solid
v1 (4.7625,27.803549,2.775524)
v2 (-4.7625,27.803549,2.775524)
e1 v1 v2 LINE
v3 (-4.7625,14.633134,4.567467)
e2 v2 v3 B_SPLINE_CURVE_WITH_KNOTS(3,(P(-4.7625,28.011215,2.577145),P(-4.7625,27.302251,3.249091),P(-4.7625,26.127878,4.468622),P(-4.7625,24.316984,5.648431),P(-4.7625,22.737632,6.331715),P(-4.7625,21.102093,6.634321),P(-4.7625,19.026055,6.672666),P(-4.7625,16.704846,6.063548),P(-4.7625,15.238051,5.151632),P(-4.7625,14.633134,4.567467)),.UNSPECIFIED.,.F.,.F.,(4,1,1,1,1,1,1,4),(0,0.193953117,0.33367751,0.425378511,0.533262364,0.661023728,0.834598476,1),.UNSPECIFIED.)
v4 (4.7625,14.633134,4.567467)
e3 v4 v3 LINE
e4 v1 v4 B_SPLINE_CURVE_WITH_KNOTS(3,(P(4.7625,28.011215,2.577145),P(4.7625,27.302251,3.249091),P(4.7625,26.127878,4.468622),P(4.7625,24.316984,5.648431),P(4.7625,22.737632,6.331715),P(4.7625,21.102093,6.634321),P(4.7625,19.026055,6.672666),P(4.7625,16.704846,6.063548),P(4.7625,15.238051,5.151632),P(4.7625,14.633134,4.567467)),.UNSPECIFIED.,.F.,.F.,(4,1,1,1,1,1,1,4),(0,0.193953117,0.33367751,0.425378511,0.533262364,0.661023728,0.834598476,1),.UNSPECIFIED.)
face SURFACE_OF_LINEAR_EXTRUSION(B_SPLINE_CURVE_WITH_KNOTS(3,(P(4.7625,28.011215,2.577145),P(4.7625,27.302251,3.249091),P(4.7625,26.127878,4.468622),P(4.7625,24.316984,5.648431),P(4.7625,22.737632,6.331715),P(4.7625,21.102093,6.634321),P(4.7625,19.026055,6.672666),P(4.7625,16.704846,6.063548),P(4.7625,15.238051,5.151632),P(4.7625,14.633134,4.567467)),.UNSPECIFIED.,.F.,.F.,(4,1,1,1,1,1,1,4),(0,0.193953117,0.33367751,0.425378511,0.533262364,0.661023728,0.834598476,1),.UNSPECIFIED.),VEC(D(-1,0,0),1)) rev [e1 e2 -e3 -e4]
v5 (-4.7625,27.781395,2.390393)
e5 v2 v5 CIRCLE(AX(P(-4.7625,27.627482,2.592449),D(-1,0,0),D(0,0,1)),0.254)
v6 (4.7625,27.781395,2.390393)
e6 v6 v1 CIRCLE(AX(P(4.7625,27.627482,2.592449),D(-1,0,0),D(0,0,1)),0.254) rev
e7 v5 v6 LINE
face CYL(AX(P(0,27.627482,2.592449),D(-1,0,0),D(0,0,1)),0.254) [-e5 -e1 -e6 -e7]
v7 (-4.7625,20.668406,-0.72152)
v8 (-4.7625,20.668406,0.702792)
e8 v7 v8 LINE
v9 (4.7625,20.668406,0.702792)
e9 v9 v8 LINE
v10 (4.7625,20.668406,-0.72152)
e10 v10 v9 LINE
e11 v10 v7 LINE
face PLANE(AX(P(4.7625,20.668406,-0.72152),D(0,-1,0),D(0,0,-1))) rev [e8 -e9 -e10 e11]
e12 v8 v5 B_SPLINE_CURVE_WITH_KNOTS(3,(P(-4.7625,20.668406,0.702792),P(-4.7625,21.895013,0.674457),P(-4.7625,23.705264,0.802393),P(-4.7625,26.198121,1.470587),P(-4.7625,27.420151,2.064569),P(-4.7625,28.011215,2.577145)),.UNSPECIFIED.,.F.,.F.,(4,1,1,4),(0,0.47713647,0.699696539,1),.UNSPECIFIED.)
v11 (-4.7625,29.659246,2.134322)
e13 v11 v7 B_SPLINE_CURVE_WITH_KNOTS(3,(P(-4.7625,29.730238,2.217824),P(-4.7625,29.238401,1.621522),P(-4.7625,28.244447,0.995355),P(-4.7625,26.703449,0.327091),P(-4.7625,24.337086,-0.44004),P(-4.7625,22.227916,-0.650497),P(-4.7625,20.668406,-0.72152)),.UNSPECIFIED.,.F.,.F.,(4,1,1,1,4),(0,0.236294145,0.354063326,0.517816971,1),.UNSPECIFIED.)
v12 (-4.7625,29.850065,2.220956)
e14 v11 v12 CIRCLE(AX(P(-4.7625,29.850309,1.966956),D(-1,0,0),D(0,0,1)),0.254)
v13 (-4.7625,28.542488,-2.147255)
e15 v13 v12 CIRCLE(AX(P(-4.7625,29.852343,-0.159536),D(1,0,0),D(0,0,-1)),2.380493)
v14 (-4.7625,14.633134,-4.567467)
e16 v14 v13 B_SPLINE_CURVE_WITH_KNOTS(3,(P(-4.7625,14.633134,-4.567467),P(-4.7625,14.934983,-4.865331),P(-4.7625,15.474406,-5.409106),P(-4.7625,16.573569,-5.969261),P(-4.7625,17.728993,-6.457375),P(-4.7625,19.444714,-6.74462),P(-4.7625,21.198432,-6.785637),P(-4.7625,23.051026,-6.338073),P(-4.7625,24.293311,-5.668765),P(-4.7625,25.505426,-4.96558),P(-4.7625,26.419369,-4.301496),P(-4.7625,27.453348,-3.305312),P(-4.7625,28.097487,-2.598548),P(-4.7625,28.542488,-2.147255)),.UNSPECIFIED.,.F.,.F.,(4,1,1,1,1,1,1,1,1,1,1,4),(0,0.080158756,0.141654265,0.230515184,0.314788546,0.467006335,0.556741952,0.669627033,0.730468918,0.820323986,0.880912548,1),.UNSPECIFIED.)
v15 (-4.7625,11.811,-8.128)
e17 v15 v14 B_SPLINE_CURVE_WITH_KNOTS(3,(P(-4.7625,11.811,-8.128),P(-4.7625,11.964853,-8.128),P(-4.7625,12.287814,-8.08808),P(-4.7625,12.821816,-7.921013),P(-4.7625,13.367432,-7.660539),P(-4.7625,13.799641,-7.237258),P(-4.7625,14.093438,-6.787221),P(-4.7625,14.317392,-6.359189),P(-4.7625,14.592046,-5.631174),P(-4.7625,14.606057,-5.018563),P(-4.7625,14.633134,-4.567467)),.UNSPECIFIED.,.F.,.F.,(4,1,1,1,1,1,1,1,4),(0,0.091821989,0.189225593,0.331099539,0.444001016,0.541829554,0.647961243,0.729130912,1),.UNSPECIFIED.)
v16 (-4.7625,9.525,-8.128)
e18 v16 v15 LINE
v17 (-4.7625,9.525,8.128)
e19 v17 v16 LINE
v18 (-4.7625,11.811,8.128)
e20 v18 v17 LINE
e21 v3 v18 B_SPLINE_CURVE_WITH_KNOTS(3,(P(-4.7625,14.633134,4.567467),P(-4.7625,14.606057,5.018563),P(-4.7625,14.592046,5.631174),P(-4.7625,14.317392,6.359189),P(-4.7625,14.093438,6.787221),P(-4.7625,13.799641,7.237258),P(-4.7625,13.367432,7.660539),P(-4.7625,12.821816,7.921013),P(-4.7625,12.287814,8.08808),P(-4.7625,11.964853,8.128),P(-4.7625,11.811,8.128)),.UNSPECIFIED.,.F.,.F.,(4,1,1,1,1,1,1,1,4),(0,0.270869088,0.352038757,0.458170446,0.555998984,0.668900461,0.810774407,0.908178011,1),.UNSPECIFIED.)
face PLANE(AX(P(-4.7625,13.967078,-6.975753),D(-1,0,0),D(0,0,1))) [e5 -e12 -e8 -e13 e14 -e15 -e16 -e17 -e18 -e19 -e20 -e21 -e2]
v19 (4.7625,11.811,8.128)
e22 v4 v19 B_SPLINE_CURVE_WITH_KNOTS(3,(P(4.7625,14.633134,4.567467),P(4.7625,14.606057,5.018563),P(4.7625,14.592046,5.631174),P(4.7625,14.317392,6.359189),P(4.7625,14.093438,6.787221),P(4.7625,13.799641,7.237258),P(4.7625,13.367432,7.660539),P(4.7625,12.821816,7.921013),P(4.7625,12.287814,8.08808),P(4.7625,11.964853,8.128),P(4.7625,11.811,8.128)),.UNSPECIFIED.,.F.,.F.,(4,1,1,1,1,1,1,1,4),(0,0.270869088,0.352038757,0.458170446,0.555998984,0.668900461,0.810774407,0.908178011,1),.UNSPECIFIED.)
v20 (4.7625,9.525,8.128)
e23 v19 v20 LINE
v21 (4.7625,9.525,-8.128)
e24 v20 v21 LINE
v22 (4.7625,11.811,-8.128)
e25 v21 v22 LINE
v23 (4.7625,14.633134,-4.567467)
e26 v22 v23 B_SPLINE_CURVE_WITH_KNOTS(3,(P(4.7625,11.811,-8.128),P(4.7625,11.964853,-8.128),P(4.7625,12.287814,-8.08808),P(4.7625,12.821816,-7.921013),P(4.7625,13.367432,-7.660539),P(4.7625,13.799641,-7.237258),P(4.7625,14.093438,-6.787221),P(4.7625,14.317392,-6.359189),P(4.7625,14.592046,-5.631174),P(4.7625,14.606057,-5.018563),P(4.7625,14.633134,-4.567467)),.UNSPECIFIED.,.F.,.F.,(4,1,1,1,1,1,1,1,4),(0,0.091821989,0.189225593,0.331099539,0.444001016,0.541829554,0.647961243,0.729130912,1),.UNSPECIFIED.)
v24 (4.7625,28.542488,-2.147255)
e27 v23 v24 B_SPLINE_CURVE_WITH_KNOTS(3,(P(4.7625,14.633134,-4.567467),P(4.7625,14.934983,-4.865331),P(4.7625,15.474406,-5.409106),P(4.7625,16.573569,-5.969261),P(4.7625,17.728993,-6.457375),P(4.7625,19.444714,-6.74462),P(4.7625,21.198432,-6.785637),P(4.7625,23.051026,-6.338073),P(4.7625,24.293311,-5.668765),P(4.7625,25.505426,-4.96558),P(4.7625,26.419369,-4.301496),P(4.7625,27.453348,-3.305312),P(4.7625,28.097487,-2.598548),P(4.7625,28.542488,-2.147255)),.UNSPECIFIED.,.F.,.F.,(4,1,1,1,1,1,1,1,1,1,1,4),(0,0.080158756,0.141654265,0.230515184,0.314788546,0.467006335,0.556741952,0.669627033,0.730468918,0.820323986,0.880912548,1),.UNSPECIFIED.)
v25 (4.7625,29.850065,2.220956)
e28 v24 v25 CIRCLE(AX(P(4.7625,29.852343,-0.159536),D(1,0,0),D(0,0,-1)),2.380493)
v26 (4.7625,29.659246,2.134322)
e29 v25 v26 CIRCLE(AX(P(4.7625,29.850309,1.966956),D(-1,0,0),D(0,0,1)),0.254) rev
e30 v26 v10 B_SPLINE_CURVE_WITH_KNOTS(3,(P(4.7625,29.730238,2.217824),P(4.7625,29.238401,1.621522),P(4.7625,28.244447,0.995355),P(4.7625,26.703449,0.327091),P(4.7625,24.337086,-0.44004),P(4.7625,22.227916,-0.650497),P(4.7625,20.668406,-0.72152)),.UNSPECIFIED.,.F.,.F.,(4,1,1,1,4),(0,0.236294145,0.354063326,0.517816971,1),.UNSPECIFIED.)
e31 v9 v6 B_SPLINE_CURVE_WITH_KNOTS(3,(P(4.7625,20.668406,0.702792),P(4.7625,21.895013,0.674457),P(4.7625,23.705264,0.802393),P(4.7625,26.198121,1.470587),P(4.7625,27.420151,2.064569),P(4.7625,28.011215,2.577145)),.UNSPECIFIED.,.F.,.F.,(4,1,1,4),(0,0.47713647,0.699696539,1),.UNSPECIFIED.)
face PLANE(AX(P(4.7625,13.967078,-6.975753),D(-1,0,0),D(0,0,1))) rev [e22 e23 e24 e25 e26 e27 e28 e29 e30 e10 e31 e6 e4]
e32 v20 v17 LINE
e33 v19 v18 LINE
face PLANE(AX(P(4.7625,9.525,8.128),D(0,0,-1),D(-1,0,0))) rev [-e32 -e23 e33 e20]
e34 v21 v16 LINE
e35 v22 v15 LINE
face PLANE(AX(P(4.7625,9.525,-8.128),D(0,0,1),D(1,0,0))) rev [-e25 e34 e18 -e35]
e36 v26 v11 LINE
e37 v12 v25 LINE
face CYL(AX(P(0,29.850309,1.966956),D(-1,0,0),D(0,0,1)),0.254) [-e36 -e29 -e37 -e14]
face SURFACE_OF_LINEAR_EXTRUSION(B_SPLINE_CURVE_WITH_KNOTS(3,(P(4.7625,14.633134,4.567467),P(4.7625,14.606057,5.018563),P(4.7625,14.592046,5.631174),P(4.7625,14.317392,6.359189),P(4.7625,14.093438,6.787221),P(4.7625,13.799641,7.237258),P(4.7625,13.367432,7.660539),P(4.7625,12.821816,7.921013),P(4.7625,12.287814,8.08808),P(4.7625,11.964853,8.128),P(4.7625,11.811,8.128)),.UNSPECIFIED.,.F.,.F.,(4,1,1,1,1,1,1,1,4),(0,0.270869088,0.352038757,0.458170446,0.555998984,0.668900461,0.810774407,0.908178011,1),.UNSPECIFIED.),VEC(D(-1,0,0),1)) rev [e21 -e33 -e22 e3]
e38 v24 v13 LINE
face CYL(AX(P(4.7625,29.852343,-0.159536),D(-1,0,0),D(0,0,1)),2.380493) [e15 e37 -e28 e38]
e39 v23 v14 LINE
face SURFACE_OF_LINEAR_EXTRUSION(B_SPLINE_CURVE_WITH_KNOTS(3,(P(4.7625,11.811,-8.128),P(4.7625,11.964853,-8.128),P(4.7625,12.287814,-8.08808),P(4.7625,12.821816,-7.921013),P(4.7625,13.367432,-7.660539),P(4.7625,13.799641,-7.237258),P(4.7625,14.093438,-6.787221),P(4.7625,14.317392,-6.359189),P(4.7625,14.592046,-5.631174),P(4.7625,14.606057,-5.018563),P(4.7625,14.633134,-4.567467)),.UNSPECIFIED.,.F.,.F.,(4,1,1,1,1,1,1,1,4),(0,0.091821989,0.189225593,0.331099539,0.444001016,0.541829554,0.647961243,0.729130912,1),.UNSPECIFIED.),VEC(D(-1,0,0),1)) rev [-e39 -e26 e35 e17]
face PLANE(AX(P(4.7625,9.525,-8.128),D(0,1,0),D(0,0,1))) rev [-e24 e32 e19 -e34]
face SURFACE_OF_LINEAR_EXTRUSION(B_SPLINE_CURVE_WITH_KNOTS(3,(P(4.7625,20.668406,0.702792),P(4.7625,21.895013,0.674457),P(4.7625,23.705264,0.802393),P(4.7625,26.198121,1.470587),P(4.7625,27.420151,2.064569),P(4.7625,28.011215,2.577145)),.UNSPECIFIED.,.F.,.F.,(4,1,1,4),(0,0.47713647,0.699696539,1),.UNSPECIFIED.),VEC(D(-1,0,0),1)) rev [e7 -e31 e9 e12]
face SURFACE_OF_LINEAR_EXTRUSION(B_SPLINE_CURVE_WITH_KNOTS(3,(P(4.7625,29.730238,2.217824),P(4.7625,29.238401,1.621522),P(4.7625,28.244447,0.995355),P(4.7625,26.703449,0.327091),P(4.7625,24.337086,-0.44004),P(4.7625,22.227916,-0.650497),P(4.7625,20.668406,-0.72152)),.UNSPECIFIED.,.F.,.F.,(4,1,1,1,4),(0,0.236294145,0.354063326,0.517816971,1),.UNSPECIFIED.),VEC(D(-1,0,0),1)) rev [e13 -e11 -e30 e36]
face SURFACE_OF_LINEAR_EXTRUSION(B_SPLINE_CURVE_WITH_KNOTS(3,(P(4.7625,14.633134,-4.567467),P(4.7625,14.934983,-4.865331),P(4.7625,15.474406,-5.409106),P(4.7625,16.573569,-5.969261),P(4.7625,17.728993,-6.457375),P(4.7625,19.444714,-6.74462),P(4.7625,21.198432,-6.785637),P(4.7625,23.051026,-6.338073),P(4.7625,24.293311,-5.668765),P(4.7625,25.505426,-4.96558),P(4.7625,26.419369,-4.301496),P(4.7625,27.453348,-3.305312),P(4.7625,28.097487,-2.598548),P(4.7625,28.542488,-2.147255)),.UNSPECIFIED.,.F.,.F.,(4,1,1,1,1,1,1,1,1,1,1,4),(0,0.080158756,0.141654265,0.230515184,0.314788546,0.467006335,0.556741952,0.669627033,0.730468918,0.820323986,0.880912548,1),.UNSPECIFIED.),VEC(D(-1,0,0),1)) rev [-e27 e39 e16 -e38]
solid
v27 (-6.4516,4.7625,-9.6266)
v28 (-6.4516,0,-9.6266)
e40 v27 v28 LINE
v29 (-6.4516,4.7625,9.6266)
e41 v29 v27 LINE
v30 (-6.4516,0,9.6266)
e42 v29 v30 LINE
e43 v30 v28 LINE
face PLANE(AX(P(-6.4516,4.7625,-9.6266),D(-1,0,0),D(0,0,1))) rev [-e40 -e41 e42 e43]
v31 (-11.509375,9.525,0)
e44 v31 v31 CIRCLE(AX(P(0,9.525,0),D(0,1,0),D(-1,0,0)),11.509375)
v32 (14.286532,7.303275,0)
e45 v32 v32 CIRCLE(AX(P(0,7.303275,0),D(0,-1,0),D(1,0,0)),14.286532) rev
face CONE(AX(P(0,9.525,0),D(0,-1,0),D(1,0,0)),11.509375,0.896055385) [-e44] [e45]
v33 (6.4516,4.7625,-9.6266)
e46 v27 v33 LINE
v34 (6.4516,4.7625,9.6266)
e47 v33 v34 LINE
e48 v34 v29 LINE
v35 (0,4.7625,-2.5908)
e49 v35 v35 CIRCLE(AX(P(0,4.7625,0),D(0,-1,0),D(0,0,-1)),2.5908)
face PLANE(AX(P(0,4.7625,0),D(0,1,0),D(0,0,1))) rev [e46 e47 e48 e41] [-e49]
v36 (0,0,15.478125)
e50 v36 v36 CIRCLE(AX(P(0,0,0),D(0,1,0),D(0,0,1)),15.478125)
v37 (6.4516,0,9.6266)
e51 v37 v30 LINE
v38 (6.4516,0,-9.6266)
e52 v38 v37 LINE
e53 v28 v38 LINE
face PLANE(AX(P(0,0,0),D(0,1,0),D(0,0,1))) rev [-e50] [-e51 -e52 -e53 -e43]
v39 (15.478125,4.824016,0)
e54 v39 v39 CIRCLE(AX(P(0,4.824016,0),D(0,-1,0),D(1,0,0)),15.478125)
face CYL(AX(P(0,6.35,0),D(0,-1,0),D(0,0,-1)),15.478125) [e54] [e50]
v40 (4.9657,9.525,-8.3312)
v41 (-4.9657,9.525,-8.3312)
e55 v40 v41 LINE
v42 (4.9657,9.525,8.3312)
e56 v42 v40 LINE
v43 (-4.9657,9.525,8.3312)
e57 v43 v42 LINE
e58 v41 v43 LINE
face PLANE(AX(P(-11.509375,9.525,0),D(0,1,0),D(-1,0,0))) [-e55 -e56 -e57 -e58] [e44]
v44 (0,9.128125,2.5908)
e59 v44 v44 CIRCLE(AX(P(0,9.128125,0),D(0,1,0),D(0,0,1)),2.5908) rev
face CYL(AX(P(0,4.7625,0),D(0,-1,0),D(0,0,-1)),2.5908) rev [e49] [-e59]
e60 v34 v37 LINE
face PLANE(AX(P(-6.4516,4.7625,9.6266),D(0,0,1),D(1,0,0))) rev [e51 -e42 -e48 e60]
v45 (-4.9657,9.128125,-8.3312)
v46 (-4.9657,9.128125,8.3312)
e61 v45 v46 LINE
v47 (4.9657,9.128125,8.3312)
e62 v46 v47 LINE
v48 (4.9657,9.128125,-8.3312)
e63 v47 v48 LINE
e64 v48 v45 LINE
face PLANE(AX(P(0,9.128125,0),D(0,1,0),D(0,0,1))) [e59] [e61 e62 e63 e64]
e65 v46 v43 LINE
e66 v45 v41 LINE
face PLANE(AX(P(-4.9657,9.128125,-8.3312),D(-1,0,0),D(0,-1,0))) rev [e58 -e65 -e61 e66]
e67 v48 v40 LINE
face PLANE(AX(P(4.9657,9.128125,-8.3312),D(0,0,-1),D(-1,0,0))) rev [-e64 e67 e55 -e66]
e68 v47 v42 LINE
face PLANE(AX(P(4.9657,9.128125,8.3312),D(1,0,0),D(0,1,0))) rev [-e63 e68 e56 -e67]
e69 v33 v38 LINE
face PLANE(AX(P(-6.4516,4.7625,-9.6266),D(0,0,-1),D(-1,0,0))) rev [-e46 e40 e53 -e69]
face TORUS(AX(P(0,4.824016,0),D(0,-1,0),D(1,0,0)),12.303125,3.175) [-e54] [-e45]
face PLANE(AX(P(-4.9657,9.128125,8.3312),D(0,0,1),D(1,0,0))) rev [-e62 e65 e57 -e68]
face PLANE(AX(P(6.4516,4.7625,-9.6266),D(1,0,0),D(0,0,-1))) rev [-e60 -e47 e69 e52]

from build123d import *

# Parameters (mm, degrees)
SKETCH1_R                  = 15.478125
BOSS_EXTRUDE1_DEPTH        = 6.35
FILLET1_R                  = 3.175
SKETCH3_W                  = 12.9032
SKETCH3_H                  = 19.2532
CUT_EXTRUDE1_DEPTH         = 4.7625
F_6_0_204_DIAMETER_HOLE1_D = 5.1816
BOSS_EXTRUDE2_DEPTH        = 4.7625
SKETCH7_W                  = 9.9314
SKETCH7_H                  = 16.6624
CUT_EXTRUDE2_DEPTH         = 0.396875
FILLET2_R                  = 0.254


with BuildPart() as part:
    # Sketch1 → Boss-Extrude1 (new body)
    with BuildSketch(Plane(origin=(0, 0, 0), x_dir=(1, 0, 0), z_dir=(0, 1, 0))):
        with Locations(Location((0, 0, 0), (0, 0, 270))):
            Circle(SKETCH1_R)
    extrude(amount=BOSS_EXTRUDE1_DEPTH)

    # Sketch2 → Revolve1 (revolve)
    with BuildSketch(Plane.XY, mode=Mode.PRIVATE) as revolve1_sk:
        Polygon((-15.478125, 6.35), (-11.509375, 9.525), (0, 9.525), (0, 6.35), align=None)
    revolve(revolve1_sk.sketch.rotate(Axis((0, 9.525, 0), (0, -1, 0)), 270), axis=Axis((0, 9.525, 0), (0, -1, 0)))

    # Fillet1
    fillet1_edges = [part.edges().sort_by_distance(p)[0] for p in [
        (0, 6.35, -15.478125),
    ]]
    fillet(fillet1_edges, radius=FILLET1_R)

    # Sketch3 → Cut-Extrude1 (cut)
    with BuildSketch(Plane.XZ):
        Rectangle(SKETCH3_W, SKETCH3_H)
    extrude(amount=-CUT_EXTRUDE1_DEPTH, mode=Mode.SUBTRACT)

    # #6 (0.204) Diameter Hole1 (through all)
    with Locations(Plane(origin=(0, 4.7625, 0), x_dir=(-1, 0, 0), z_dir=(0, -1, 0))):
        with Locations((0, 0)):
            Hole(F_6_0_204_DIAMETER_HOLE1_D / 2)

    # Sketch7 → Cut-Extrude2 (cut)
    with BuildSketch(Plane(origin=(0, 9.525, 0), x_dir=(1, 0, 0), z_dir=(0, 1, 0))):
        Rectangle(SKETCH7_W, SKETCH7_H)
    extrude(amount=-CUT_EXTRUDE2_DEPTH, mode=Mode.SUBTRACT)


with BuildPart() as body_2:
    # Sketch6 → Boss-Extrude2 (new, symmetric)
    with BuildSketch(Plane(origin=(0, 0, 0), x_dir=(0, 0, -1), z_dir=(1, 0, 0))):
        with BuildLine():
            Line((8.128, 9.525), (-8.128, 9.525))
            Line((-8.128, 9.525), (-8.128, 11.811))
            add(Edge.make_bspline(
                [(-8.128, 11.811), (-8.128, 11.964852962), (-8.088079655, 12.287813543), (-7.921013245, 12.821816315), (-7.660538801, 13.367431776), (-7.237258139, 13.799641498), (-6.787221355, 14.093437893), (-6.359189094, 14.317391584), (-5.631174455, 14.592045574), (-5.018563189, 14.606056956), (-4.567466527, 14.633133736)],
                knots=[0, 0, 0, 0, 0.091821989, 0.189225593, 0.331099539, 0.444001016, 0.541829554, 0.647961243, 0.729130912, 1, 1, 1, 1], degree=3))
            add(Edge.make_bspline(
                [(-2.577145361, 28.011214997), (-3.249090894, 27.302251357), (-4.468621829, 26.127878484), (-5.648431076, 24.316983957), (-6.331714614, 22.737632088), (-6.634320692, 21.102092731), (-6.672666305, 19.026055349), (-6.063547868, 16.704846476), (-5.151631515, 15.238050676), (-4.567466527, 14.633133736)],
                knots=[0, 0, 0, 0, 0.193953117, 0.33367751, 0.425378511, 0.533262364, 0.661023728, 0.834598476, 1, 1, 1, 1], degree=3))
            add(Edge.make_bspline(
                [(-0.702792016, 20.668406325), (-0.674457315, 21.895013355), (-0.802393308, 23.705263943), (-1.470587145, 26.198121163), (-2.064569458, 27.420151061), (-2.577145361, 28.011214997)],
                knots=[0, 0, 0, 0, 0.47713647, 0.699696539, 1, 1, 1, 1], degree=3))
            Line((-0.702792016, 20.668406325), (0.721519658, 20.668406325))
            add(Edge.make_bspline(
                [(-2.2178236, 29.730237714), (-1.62152233, 29.238401482), (-0.995355422, 28.244447346), (-0.327091027, 26.70344874), (0.440040308, 24.337086176), (0.650497256, 22.227916002), (0.721519658, 20.668406325)],
                knots=[0, 0, 0, 0, 0.236294145, 0.354063326, 0.517816971, 1, 1, 1, 1], degree=3))
            ThreePointArc((-2.2178236, 29.730237714), (0.784549677, 32.149320423), (2.147254802, 28.542487853))
            add(Edge.make_bspline(
                [(4.567466527, 14.633133736), (4.865331001, 14.934983024), (5.40910627, 15.474406408), (5.969261062, 16.573568683), (6.457374558, 17.72899292), (6.744619539, 19.444714149), (6.78563689, 21.198431759), (6.338072925, 23.051026424), (5.668765308, 24.293311401), (4.965580349, 25.505426492), (4.301495841, 26.419369028), (3.305311631, 27.453348329), (2.598548076, 28.097487401), (2.147254802, 28.542487853)],
                knots=[0, 0, 0, 0, 0.080158756, 0.141654265, 0.230515184, 0.314788546, 0.467006335, 0.556741952, 0.669627033, 0.730468918, 0.820323986, 0.880912548, 1, 1, 1, 1], degree=3))
            add(Edge.make_bspline(
                [(8.128, 11.811), (8.128, 11.964852962), (8.088079655, 12.287813543), (7.921013245, 12.821816315), (7.660538801, 13.367431776), (7.237258139, 13.799641498), (6.787221355, 14.093437893), (6.359189094, 14.317391584), (5.631174455, 14.592045574), (5.018563189, 14.606056956), (4.567466527, 14.633133736)],
                knots=[0, 0, 0, 0, 0.091821989, 0.189225593, 0.331099539, 0.444001016, 0.541829554, 0.647961243, 0.729130912, 1, 1, 1, 1], degree=3))
            Line((8.128, 11.811), (8.128, 9.525))
        make_face()
    extrude(amount=BOSS_EXTRUDE2_DEPTH, both=True)

    # Fillet2
    fillet2_edges = [body_2.edges().sort_by_distance(p)[0] for p in [
        (2.38125, 28.011214997, 2.577145361),
        (-2.38125, 29.730237714, 2.2178236),
    ]]
    fillet(fillet2_edges, radius=FILLET2_R)


solid = Compound([part.part, body_2.part])
